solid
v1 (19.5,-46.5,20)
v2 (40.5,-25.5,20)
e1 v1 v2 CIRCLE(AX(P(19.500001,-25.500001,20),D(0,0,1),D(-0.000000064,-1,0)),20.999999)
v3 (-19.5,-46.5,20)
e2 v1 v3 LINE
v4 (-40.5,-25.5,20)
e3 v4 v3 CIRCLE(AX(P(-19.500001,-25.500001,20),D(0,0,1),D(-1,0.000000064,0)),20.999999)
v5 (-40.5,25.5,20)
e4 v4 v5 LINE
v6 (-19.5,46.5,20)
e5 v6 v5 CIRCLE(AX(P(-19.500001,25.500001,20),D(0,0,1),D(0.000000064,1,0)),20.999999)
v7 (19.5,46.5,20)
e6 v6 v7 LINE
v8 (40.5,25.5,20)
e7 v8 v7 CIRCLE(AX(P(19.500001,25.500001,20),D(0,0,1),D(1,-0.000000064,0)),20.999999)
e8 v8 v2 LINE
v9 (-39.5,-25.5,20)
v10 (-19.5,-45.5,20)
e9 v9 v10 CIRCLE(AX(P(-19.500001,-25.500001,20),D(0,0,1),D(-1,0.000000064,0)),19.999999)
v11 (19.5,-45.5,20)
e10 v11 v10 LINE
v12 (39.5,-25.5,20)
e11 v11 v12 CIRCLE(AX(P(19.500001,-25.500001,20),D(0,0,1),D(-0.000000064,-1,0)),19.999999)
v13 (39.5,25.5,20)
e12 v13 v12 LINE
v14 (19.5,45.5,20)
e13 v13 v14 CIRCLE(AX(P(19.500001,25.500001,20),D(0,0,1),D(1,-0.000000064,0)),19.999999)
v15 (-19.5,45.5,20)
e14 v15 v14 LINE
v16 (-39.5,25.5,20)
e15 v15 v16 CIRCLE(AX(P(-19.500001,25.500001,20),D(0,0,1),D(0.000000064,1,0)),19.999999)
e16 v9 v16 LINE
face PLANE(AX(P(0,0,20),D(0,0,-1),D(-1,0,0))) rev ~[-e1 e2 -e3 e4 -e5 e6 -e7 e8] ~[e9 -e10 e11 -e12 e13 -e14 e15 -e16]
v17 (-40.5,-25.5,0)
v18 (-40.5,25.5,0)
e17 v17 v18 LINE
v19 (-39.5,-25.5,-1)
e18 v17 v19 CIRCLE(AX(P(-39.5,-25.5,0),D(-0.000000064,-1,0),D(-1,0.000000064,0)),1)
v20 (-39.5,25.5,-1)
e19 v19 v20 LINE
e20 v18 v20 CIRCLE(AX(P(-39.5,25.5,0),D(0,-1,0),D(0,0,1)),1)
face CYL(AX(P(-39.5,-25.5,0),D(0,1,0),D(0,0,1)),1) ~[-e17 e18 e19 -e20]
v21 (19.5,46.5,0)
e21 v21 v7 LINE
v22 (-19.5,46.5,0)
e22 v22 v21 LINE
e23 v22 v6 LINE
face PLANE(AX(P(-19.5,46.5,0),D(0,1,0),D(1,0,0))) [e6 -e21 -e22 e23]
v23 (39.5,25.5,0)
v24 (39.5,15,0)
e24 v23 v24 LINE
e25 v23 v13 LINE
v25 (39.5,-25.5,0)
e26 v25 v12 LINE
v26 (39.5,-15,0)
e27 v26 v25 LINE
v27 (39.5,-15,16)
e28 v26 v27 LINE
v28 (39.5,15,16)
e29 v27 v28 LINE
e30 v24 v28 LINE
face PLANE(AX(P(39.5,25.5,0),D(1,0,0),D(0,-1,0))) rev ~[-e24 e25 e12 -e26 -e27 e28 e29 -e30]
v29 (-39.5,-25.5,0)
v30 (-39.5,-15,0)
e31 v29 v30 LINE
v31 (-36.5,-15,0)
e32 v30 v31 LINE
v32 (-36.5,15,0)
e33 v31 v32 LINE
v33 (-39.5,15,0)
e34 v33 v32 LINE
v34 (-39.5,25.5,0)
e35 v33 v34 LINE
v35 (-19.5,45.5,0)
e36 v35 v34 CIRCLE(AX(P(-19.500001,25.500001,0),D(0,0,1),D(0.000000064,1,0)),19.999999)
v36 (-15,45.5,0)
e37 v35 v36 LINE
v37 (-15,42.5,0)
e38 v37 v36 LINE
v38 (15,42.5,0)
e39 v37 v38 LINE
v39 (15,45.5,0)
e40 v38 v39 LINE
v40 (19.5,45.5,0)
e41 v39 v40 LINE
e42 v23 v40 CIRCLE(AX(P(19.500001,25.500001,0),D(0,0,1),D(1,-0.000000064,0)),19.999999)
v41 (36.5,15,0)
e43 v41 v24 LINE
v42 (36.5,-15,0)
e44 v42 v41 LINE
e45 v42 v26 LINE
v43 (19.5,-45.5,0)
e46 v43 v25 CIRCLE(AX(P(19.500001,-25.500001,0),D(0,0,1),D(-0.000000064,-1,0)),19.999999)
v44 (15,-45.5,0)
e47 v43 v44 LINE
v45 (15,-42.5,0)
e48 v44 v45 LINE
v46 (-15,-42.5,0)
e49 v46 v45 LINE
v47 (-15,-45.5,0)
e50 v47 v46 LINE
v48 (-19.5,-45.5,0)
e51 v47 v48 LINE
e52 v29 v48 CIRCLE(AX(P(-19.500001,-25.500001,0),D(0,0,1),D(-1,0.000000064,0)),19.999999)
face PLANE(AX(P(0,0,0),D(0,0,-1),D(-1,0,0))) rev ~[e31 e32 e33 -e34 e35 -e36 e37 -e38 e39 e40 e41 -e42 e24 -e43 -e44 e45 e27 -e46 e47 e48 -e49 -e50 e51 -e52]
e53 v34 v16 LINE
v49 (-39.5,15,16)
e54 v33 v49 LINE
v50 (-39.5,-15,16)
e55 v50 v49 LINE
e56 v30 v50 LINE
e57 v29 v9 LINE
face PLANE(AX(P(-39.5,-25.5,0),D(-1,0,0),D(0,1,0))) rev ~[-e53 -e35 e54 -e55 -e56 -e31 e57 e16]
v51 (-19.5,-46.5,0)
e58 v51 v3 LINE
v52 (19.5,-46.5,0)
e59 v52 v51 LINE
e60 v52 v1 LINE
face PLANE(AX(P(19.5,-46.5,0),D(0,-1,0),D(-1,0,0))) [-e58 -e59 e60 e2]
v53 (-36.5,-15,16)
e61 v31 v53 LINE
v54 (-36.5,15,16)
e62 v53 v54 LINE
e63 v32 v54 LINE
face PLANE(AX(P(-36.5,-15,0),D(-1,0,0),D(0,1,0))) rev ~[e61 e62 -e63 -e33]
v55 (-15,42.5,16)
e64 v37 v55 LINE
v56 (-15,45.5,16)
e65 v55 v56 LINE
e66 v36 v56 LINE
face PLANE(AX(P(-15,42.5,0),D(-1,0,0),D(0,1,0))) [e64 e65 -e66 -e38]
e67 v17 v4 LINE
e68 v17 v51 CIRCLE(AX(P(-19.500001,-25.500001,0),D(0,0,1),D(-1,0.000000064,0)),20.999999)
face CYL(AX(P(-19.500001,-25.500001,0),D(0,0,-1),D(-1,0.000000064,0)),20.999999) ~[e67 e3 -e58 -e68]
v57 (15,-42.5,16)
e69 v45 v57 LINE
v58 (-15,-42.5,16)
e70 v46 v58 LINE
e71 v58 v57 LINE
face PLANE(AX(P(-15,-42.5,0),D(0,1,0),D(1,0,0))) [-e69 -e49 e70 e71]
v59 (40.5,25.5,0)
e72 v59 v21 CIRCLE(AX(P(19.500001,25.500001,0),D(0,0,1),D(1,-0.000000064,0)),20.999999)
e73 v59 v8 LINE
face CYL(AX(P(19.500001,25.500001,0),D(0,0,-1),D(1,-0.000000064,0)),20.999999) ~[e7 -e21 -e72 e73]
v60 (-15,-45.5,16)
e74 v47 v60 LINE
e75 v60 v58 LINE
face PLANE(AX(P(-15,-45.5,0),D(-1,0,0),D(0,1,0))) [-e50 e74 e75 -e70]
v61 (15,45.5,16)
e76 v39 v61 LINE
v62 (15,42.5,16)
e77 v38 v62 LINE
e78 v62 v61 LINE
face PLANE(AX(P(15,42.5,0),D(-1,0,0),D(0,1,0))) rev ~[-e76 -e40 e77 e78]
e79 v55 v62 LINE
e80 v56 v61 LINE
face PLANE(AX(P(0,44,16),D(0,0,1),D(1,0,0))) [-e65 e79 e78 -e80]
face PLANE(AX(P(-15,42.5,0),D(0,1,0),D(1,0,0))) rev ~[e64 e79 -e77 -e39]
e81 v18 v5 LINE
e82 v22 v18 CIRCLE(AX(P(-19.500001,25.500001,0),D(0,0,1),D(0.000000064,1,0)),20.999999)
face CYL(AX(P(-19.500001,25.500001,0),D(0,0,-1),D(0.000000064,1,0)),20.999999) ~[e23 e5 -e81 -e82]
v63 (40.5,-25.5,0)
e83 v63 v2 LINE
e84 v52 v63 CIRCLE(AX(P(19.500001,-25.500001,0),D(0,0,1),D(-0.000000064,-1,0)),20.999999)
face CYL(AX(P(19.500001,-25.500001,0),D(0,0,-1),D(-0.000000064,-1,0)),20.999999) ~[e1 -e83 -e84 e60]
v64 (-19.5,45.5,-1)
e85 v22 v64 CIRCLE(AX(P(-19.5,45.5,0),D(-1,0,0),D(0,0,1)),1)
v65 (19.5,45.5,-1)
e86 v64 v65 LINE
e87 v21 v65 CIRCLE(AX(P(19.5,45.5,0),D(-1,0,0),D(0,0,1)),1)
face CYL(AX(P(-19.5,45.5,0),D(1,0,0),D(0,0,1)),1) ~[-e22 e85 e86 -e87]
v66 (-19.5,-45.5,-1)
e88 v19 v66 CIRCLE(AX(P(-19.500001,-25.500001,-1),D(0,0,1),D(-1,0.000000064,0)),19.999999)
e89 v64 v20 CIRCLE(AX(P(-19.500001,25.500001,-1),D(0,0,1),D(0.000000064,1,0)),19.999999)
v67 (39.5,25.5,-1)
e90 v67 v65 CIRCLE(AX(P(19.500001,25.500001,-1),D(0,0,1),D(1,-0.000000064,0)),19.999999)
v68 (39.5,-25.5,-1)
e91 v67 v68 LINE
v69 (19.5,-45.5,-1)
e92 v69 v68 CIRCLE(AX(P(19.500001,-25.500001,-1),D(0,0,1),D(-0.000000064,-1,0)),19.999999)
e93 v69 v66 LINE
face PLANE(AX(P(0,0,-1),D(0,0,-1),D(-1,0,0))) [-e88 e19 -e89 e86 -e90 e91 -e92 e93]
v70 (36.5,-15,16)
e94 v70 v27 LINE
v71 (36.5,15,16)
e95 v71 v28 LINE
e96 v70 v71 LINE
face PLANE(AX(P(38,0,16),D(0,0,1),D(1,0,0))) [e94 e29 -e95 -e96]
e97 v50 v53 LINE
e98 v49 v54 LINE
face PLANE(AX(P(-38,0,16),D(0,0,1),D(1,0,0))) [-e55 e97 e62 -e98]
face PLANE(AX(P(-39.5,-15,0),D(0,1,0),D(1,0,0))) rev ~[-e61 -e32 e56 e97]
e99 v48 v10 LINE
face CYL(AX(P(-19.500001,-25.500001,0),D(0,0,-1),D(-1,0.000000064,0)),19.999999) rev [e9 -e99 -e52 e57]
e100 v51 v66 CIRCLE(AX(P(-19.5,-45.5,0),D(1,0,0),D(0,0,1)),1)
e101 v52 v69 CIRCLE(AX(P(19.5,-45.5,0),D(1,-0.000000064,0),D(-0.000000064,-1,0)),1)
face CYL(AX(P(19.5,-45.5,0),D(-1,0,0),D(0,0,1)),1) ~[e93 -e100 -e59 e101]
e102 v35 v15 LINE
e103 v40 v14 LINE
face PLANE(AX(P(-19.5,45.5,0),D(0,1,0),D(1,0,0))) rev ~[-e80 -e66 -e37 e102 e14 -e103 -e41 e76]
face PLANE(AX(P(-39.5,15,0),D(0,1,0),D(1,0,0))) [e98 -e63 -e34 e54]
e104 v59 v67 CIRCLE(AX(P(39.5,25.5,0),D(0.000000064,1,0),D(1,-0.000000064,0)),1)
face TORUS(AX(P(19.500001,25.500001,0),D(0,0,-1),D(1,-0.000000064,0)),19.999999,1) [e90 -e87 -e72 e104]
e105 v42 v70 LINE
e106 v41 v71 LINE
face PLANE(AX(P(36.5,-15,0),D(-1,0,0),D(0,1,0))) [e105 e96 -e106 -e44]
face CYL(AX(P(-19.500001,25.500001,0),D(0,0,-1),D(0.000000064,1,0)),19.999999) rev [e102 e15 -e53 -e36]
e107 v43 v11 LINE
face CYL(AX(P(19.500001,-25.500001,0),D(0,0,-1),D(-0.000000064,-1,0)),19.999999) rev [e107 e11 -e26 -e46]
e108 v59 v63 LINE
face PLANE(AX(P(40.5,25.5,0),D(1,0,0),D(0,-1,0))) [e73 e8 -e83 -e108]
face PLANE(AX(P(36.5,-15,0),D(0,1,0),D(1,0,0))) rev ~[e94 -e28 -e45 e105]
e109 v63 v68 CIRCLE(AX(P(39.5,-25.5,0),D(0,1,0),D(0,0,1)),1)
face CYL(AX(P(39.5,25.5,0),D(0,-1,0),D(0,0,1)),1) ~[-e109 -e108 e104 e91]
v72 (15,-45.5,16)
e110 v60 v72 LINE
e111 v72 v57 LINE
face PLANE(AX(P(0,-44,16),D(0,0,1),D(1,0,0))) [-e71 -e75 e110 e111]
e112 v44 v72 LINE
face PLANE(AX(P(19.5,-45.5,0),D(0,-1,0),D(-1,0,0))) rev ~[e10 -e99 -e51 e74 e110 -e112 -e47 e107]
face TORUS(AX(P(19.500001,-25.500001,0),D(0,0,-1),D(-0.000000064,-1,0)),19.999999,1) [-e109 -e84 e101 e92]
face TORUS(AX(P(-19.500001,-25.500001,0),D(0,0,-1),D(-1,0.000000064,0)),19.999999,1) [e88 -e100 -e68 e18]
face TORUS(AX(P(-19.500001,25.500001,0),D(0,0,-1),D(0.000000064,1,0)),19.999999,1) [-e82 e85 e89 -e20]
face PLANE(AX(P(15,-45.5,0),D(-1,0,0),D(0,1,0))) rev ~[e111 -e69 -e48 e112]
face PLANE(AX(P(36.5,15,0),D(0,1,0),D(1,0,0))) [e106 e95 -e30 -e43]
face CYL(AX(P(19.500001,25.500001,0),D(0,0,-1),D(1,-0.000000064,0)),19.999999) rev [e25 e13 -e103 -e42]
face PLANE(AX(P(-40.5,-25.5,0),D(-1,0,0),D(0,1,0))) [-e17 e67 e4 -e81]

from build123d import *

# Parameters (mm, degrees)
PAD_DEPTH     = 20
THICKNESS_T   = 1
SKETCH001_W   = 3
SKETCH001_H   = 30
SKETCH001_W_2 = 30
SKETCH001_H_2 = 3
PAD001_DEPTH  = 16
PAD002_DEPTH  = 16


with BuildPart() as part:
    # Sketch → Pad (new body)
    with BuildSketch(Plane.XY):
        with BuildLine():
            Line((-19.5, 45.5), (19.5, 45.5))
            ThreePointArc((39.5, 25.5), (33.642136, 39.642136), (19.5, 45.5))
            Line((39.5, 25.5), (39.5, -25.5))
            ThreePointArc((19.5, -45.5), (33.642136, -39.642136), (39.5, -25.5))
            Line((19.5, -45.5), (-19.5, -45.5))
            ThreePointArc((-39.5, -25.5), (-33.642136, -39.642136), (-19.5, -45.5))
            Line((-39.5, -25.5), (-39.5, 25.5))
            ThreePointArc((-19.5, 45.5), (-33.642136, 39.642136), (-39.5, 25.5))
        make_face()
    extrude(amount=PAD_DEPTH)

    # Thickness
    thickness_openings = [part.faces().sort_by_distance(p)[0] for p in [
        (0, 0, 20),
    ]]
    offset(amount=THICKNESS_T, openings=thickness_openings)

    # Sketch001 (on Face9 of Thickness) → Pad001 (join)
    with BuildSketch(Plane.XY):
        with Locations((-38, 0)):
            Rectangle(SKETCH001_W, SKETCH001_H)
        with Locations((38, 0)):
            Rectangle(SKETCH001_W, SKETCH001_H)
        with Locations((0, -44)):
            Rectangle(SKETCH001_W_2, SKETCH001_H_2)
        with Locations((0, 44)):
            Rectangle(SKETCH001_W_2, SKETCH001_H_2)
    extrude(amount=PAD001_DEPTH)

    # Sketch001 (on Face9 of Thickness) → Pad002 (join)
    with BuildSketch(Plane.XY):
        with Locations((-38, 0)):
            Rectangle(SKETCH001_W, SKETCH001_H)
        with Locations((38, 0)):
            Rectangle(SKETCH001_W, SKETCH001_H)
        with Locations((0, -44)):
            Rectangle(SKETCH001_W_2, SKETCH001_H_2)
        with Locations((0, 44)):
            Rectangle(SKETCH001_W_2, SKETCH001_H_2)
    extrude(amount=PAD002_DEPTH)


solid = part.part
